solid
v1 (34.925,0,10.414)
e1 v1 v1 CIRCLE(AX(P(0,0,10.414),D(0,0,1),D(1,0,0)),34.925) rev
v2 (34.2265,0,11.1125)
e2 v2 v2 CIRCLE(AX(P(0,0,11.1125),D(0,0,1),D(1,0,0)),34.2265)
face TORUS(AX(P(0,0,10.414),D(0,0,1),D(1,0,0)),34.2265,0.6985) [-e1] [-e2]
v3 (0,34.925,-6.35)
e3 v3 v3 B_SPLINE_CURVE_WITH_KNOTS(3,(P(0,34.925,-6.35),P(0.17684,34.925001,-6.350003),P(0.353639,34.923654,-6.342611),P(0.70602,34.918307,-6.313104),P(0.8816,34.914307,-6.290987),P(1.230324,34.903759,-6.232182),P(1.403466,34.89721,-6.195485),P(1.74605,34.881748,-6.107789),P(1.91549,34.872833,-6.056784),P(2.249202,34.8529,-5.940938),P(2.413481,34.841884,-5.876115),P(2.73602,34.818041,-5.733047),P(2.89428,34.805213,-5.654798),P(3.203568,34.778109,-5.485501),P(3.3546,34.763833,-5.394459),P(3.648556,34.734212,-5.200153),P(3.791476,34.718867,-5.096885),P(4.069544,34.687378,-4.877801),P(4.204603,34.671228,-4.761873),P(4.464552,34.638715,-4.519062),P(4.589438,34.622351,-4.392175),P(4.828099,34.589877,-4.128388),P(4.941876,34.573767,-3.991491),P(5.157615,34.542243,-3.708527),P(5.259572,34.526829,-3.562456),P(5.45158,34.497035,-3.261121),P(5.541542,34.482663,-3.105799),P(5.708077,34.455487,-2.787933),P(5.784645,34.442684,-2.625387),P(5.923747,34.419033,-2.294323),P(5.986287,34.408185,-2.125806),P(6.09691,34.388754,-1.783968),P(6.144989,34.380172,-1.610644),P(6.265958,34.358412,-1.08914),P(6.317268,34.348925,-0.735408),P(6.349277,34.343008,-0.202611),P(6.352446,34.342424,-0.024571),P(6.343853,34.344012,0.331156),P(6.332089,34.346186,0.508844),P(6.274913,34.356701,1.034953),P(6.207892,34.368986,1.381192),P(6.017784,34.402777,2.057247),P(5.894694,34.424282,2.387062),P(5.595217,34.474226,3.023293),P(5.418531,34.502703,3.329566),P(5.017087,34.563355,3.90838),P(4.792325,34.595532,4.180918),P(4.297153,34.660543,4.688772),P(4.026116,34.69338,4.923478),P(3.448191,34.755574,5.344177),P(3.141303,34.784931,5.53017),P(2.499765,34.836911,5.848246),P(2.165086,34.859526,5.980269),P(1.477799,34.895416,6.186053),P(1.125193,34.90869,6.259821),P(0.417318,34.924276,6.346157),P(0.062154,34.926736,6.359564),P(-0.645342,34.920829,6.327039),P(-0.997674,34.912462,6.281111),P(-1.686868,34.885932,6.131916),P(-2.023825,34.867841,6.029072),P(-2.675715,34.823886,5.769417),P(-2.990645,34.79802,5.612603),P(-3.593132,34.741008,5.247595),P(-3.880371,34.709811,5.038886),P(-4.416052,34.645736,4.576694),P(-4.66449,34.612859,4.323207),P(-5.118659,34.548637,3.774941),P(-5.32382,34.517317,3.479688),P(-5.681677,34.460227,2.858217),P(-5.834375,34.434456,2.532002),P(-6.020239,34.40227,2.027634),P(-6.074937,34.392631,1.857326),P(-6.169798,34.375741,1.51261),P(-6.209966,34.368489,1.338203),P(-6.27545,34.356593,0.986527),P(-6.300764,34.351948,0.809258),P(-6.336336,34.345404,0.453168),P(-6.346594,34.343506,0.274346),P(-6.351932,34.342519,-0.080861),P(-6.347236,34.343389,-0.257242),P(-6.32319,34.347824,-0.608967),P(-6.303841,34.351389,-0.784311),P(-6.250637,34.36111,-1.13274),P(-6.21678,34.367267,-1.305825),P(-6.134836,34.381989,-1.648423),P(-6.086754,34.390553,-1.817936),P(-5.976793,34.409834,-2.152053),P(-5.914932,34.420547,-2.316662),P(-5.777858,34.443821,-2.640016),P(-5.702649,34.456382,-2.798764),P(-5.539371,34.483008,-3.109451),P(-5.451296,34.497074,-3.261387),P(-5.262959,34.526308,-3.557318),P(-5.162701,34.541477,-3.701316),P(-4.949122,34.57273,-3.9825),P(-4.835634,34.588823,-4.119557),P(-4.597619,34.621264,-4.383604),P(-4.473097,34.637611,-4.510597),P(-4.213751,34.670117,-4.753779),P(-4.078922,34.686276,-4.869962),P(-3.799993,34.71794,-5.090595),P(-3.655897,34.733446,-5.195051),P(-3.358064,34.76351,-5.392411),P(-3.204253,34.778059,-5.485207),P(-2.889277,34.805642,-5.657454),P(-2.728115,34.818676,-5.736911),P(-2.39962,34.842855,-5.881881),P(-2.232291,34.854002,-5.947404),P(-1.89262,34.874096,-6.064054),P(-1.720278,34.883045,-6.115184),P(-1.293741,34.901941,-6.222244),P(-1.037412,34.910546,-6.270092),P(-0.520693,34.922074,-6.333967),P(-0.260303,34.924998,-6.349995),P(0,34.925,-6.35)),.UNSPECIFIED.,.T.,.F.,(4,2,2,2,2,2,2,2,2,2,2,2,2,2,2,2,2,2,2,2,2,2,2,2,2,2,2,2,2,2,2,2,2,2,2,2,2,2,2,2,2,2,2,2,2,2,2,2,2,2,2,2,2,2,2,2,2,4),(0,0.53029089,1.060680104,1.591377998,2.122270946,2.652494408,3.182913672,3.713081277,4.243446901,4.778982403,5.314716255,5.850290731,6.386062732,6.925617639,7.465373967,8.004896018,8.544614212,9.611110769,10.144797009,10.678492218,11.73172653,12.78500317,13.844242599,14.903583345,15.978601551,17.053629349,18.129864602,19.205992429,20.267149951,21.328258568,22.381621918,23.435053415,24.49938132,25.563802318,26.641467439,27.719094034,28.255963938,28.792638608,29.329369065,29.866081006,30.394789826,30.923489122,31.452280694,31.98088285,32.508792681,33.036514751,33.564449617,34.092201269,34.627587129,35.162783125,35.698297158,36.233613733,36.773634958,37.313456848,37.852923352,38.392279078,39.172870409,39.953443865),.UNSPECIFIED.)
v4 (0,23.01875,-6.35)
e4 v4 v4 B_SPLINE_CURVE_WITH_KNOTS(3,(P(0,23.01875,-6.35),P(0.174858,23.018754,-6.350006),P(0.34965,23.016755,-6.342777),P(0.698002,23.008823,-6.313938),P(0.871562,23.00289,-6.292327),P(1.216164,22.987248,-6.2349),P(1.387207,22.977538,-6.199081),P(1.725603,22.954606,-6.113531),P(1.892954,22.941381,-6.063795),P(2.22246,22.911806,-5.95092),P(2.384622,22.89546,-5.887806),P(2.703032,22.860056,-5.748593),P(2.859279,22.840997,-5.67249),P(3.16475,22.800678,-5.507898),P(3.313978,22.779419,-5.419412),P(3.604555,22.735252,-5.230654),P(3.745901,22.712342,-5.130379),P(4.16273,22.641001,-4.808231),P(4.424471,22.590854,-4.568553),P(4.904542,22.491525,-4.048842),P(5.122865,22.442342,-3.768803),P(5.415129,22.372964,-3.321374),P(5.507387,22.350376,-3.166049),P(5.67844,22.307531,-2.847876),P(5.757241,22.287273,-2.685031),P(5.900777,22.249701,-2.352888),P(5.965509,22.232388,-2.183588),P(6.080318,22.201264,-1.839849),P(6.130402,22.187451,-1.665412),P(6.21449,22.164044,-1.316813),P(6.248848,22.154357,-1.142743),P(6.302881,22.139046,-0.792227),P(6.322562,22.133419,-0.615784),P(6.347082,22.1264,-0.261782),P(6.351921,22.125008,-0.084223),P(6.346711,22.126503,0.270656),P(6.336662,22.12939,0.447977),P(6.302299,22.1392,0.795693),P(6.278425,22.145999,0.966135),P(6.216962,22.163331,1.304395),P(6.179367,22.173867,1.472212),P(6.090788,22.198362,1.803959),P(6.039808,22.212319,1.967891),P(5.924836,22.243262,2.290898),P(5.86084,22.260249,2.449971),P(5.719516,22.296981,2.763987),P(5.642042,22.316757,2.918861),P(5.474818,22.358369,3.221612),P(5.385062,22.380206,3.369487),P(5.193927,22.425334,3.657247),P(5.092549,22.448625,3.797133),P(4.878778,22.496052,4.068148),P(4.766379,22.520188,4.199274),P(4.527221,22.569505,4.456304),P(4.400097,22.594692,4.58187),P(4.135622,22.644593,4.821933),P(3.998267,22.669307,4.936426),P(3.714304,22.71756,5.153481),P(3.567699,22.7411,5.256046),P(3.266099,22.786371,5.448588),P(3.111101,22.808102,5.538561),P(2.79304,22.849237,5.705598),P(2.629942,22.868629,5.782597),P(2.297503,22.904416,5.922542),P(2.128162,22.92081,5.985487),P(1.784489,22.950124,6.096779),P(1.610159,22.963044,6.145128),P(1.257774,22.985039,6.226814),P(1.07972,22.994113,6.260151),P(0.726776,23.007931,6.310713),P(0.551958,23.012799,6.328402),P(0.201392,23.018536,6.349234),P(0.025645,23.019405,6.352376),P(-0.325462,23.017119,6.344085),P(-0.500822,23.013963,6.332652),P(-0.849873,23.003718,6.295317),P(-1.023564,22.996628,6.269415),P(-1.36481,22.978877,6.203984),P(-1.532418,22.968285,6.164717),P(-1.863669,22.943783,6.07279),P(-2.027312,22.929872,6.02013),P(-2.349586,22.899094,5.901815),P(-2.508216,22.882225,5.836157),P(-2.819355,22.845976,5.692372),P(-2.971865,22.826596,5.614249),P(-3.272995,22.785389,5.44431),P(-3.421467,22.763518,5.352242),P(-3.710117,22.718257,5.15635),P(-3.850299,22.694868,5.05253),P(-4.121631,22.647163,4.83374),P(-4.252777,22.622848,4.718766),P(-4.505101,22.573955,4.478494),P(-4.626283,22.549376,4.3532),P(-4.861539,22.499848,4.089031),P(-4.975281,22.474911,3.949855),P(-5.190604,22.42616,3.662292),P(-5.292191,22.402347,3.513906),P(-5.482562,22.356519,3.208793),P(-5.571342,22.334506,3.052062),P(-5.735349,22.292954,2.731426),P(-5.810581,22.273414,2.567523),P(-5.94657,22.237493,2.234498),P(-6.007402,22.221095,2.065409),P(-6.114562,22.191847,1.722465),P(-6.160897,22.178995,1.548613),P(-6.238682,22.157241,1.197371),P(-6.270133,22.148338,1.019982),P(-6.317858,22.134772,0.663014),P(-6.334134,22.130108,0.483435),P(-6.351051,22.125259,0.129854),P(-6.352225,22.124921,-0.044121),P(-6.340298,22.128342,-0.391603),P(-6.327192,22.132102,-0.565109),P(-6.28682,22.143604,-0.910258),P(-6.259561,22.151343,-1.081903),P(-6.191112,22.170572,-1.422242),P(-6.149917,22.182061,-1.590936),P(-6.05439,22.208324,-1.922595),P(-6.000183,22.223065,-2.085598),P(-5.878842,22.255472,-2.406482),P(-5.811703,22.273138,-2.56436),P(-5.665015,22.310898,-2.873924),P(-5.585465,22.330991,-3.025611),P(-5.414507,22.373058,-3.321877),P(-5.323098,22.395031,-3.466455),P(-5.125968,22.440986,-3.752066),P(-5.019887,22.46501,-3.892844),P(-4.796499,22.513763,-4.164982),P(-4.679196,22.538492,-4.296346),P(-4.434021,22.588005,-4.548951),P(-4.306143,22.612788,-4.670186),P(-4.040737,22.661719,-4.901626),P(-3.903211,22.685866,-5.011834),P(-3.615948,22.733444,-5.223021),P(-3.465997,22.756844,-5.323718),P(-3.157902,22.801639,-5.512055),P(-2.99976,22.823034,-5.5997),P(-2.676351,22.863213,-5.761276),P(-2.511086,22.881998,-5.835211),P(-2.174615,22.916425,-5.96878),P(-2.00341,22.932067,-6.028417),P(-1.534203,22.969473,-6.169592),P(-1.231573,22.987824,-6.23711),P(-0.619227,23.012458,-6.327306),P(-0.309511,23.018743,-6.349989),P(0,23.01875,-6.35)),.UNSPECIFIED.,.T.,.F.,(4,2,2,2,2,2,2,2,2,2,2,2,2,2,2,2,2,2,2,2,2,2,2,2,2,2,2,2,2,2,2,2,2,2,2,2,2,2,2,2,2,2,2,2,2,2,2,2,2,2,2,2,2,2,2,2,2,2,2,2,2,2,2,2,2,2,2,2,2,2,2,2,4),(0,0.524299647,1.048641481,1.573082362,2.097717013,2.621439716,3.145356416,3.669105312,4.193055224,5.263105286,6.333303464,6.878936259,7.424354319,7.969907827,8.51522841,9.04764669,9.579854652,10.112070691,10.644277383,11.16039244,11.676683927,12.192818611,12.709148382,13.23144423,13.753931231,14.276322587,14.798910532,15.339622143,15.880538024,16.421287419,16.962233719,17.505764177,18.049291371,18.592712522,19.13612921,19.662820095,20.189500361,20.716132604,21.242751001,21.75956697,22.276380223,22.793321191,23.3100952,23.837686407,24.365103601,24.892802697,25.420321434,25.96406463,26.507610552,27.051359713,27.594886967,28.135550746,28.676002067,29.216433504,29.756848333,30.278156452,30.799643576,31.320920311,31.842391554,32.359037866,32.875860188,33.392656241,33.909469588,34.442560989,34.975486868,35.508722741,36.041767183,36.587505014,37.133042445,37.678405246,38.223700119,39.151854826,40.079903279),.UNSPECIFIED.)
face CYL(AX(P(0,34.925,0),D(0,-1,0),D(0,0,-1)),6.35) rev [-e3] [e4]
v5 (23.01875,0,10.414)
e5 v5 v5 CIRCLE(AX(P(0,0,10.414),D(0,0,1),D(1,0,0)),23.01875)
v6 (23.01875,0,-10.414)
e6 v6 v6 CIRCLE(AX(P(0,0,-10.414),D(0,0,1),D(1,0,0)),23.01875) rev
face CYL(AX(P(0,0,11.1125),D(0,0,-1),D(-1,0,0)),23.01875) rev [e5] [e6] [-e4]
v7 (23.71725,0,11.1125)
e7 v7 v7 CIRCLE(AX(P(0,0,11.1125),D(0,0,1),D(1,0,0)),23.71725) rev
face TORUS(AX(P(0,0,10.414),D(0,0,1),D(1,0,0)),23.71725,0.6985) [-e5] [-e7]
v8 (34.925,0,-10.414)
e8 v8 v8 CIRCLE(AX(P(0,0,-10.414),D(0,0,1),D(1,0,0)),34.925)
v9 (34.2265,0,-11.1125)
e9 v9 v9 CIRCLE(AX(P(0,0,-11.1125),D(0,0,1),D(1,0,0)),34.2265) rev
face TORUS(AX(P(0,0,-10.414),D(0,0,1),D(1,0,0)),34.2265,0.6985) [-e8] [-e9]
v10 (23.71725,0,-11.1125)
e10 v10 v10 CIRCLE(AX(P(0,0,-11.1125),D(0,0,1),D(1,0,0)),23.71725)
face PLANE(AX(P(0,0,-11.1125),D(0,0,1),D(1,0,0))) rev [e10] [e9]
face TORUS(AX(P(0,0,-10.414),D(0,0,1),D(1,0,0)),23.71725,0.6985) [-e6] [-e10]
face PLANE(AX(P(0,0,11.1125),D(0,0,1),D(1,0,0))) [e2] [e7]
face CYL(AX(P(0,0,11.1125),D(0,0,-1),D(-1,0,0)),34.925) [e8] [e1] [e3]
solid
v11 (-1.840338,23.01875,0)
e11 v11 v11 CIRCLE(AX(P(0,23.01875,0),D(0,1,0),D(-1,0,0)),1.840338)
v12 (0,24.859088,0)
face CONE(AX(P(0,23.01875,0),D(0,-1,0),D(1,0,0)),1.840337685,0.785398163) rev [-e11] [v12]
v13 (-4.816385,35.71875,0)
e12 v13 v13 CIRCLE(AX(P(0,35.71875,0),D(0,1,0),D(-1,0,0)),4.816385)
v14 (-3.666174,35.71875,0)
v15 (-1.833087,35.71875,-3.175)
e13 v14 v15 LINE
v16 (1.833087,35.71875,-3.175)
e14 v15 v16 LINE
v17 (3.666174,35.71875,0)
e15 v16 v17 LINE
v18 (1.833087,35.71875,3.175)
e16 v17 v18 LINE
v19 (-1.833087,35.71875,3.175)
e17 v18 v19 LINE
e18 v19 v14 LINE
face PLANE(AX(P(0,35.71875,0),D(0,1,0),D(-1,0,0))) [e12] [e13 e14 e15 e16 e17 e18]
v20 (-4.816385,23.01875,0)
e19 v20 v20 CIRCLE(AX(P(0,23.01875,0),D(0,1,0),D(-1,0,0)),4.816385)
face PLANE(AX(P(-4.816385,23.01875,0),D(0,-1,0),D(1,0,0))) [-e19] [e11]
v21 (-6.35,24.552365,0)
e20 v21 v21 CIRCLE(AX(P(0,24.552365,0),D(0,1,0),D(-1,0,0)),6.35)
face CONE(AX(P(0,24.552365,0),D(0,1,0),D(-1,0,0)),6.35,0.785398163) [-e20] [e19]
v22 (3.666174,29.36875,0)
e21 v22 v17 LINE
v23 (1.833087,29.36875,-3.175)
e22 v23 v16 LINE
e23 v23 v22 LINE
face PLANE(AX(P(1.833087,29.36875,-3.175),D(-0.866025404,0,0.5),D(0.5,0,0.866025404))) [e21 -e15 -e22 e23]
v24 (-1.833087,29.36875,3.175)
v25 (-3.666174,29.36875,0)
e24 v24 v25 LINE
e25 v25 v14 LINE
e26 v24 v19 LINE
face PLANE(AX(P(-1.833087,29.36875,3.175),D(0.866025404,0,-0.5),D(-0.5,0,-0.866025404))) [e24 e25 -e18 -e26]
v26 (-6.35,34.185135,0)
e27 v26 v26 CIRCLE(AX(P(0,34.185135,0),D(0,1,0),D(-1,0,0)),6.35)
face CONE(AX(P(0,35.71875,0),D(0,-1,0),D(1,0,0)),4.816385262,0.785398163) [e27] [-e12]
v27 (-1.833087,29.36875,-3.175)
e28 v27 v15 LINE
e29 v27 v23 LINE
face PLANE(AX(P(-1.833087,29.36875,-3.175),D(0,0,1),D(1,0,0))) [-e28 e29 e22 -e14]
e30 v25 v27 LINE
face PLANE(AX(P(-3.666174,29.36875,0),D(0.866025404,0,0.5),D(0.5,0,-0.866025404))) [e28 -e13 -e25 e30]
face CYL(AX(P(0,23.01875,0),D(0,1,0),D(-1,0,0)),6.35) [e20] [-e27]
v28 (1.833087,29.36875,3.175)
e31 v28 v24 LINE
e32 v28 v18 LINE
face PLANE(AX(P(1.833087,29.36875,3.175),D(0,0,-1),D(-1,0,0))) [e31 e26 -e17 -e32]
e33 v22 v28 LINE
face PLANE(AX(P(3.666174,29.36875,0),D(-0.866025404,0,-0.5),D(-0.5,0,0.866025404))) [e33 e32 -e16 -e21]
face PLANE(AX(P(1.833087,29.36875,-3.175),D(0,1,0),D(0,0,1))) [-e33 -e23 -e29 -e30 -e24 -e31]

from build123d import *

# Parameters (mm, degrees)
SKETCH1_R          = 34.925
SKETCH1_R_2        = 23.01875
EXTRUDE1_DEPTH     = 11.1125
SKETCH2_R          = 6.35
CUT_EXTRUDE1_DEPTH = 85.555799808
FILLET1_R          = 0.6985
CUT_EXTRUDE2_DEPTH = 6.35


with BuildPart() as part:
    # Sketch1 → Extrude1 (new, symmetric)
    with BuildSketch(Plane.XY):
        Circle(SKETCH1_R)
        Circle(SKETCH1_R_2, mode=Mode.SUBTRACT)
    extrude(amount=EXTRUDE1_DEPTH, both=True)

    # Sketch2 → Cut-Extrude1 (cut, through all)
    with BuildSketch(Plane(origin=(41.275, 0, 0), x_dir=(0, 0, -1), z_dir=(0, -1, 0))):
        with Locations((0, -41.275)):
            Circle(SKETCH2_R)
    extrude(amount=-CUT_EXTRUDE1_DEPTH, mode=Mode.SUBTRACT)

    # Fillet1
    fillet1_edges = [part.edges().sort_by_distance(p)[0] for p in [
        (-34.925, 0, -11.1125),
        (-34.925, 0, 11.1125),
        (-23.01875, 0, -11.1125),
        (-23.01875, 0, 11.1125),
    ]]
    fillet(fillet1_edges, radius=FILLET1_R)


with BuildPart() as body_2:
    # Sketch3 → Revolve1 (revolve)
    with BuildSketch(Plane.XY):
        Polygon((-4.816385262, 23.01875), (-1.840337685, 23.01875), (0, 24.859087685), (0, 35.71875), (-4.816385262, 35.71875), (-6.35, 34.185135262), (-6.35, 24.552364738), align=None)
    revolve(axis=Axis((0, 23.01875, 0), (0, -1, 0)))

    # Sketch4 → Cut-Extrude2 (cut)
    with BuildSketch(Plane(origin=(3.3734375, 35.71875, 0), x_dir=(0, 0, -1), z_dir=(0, -1, 0))):
        Polygon((0, 0.292736709), (-3.175, -1.540350395), (-3.175, -5.206524605), (0, -7.039611709), (3.175, -5.206524605), (3.175, -1.540350395), align=None)
    extrude(amount=CUT_EXTRUDE2_DEPTH, mode=Mode.SUBTRACT)


solid = Compound([part.part, body_2.part])
